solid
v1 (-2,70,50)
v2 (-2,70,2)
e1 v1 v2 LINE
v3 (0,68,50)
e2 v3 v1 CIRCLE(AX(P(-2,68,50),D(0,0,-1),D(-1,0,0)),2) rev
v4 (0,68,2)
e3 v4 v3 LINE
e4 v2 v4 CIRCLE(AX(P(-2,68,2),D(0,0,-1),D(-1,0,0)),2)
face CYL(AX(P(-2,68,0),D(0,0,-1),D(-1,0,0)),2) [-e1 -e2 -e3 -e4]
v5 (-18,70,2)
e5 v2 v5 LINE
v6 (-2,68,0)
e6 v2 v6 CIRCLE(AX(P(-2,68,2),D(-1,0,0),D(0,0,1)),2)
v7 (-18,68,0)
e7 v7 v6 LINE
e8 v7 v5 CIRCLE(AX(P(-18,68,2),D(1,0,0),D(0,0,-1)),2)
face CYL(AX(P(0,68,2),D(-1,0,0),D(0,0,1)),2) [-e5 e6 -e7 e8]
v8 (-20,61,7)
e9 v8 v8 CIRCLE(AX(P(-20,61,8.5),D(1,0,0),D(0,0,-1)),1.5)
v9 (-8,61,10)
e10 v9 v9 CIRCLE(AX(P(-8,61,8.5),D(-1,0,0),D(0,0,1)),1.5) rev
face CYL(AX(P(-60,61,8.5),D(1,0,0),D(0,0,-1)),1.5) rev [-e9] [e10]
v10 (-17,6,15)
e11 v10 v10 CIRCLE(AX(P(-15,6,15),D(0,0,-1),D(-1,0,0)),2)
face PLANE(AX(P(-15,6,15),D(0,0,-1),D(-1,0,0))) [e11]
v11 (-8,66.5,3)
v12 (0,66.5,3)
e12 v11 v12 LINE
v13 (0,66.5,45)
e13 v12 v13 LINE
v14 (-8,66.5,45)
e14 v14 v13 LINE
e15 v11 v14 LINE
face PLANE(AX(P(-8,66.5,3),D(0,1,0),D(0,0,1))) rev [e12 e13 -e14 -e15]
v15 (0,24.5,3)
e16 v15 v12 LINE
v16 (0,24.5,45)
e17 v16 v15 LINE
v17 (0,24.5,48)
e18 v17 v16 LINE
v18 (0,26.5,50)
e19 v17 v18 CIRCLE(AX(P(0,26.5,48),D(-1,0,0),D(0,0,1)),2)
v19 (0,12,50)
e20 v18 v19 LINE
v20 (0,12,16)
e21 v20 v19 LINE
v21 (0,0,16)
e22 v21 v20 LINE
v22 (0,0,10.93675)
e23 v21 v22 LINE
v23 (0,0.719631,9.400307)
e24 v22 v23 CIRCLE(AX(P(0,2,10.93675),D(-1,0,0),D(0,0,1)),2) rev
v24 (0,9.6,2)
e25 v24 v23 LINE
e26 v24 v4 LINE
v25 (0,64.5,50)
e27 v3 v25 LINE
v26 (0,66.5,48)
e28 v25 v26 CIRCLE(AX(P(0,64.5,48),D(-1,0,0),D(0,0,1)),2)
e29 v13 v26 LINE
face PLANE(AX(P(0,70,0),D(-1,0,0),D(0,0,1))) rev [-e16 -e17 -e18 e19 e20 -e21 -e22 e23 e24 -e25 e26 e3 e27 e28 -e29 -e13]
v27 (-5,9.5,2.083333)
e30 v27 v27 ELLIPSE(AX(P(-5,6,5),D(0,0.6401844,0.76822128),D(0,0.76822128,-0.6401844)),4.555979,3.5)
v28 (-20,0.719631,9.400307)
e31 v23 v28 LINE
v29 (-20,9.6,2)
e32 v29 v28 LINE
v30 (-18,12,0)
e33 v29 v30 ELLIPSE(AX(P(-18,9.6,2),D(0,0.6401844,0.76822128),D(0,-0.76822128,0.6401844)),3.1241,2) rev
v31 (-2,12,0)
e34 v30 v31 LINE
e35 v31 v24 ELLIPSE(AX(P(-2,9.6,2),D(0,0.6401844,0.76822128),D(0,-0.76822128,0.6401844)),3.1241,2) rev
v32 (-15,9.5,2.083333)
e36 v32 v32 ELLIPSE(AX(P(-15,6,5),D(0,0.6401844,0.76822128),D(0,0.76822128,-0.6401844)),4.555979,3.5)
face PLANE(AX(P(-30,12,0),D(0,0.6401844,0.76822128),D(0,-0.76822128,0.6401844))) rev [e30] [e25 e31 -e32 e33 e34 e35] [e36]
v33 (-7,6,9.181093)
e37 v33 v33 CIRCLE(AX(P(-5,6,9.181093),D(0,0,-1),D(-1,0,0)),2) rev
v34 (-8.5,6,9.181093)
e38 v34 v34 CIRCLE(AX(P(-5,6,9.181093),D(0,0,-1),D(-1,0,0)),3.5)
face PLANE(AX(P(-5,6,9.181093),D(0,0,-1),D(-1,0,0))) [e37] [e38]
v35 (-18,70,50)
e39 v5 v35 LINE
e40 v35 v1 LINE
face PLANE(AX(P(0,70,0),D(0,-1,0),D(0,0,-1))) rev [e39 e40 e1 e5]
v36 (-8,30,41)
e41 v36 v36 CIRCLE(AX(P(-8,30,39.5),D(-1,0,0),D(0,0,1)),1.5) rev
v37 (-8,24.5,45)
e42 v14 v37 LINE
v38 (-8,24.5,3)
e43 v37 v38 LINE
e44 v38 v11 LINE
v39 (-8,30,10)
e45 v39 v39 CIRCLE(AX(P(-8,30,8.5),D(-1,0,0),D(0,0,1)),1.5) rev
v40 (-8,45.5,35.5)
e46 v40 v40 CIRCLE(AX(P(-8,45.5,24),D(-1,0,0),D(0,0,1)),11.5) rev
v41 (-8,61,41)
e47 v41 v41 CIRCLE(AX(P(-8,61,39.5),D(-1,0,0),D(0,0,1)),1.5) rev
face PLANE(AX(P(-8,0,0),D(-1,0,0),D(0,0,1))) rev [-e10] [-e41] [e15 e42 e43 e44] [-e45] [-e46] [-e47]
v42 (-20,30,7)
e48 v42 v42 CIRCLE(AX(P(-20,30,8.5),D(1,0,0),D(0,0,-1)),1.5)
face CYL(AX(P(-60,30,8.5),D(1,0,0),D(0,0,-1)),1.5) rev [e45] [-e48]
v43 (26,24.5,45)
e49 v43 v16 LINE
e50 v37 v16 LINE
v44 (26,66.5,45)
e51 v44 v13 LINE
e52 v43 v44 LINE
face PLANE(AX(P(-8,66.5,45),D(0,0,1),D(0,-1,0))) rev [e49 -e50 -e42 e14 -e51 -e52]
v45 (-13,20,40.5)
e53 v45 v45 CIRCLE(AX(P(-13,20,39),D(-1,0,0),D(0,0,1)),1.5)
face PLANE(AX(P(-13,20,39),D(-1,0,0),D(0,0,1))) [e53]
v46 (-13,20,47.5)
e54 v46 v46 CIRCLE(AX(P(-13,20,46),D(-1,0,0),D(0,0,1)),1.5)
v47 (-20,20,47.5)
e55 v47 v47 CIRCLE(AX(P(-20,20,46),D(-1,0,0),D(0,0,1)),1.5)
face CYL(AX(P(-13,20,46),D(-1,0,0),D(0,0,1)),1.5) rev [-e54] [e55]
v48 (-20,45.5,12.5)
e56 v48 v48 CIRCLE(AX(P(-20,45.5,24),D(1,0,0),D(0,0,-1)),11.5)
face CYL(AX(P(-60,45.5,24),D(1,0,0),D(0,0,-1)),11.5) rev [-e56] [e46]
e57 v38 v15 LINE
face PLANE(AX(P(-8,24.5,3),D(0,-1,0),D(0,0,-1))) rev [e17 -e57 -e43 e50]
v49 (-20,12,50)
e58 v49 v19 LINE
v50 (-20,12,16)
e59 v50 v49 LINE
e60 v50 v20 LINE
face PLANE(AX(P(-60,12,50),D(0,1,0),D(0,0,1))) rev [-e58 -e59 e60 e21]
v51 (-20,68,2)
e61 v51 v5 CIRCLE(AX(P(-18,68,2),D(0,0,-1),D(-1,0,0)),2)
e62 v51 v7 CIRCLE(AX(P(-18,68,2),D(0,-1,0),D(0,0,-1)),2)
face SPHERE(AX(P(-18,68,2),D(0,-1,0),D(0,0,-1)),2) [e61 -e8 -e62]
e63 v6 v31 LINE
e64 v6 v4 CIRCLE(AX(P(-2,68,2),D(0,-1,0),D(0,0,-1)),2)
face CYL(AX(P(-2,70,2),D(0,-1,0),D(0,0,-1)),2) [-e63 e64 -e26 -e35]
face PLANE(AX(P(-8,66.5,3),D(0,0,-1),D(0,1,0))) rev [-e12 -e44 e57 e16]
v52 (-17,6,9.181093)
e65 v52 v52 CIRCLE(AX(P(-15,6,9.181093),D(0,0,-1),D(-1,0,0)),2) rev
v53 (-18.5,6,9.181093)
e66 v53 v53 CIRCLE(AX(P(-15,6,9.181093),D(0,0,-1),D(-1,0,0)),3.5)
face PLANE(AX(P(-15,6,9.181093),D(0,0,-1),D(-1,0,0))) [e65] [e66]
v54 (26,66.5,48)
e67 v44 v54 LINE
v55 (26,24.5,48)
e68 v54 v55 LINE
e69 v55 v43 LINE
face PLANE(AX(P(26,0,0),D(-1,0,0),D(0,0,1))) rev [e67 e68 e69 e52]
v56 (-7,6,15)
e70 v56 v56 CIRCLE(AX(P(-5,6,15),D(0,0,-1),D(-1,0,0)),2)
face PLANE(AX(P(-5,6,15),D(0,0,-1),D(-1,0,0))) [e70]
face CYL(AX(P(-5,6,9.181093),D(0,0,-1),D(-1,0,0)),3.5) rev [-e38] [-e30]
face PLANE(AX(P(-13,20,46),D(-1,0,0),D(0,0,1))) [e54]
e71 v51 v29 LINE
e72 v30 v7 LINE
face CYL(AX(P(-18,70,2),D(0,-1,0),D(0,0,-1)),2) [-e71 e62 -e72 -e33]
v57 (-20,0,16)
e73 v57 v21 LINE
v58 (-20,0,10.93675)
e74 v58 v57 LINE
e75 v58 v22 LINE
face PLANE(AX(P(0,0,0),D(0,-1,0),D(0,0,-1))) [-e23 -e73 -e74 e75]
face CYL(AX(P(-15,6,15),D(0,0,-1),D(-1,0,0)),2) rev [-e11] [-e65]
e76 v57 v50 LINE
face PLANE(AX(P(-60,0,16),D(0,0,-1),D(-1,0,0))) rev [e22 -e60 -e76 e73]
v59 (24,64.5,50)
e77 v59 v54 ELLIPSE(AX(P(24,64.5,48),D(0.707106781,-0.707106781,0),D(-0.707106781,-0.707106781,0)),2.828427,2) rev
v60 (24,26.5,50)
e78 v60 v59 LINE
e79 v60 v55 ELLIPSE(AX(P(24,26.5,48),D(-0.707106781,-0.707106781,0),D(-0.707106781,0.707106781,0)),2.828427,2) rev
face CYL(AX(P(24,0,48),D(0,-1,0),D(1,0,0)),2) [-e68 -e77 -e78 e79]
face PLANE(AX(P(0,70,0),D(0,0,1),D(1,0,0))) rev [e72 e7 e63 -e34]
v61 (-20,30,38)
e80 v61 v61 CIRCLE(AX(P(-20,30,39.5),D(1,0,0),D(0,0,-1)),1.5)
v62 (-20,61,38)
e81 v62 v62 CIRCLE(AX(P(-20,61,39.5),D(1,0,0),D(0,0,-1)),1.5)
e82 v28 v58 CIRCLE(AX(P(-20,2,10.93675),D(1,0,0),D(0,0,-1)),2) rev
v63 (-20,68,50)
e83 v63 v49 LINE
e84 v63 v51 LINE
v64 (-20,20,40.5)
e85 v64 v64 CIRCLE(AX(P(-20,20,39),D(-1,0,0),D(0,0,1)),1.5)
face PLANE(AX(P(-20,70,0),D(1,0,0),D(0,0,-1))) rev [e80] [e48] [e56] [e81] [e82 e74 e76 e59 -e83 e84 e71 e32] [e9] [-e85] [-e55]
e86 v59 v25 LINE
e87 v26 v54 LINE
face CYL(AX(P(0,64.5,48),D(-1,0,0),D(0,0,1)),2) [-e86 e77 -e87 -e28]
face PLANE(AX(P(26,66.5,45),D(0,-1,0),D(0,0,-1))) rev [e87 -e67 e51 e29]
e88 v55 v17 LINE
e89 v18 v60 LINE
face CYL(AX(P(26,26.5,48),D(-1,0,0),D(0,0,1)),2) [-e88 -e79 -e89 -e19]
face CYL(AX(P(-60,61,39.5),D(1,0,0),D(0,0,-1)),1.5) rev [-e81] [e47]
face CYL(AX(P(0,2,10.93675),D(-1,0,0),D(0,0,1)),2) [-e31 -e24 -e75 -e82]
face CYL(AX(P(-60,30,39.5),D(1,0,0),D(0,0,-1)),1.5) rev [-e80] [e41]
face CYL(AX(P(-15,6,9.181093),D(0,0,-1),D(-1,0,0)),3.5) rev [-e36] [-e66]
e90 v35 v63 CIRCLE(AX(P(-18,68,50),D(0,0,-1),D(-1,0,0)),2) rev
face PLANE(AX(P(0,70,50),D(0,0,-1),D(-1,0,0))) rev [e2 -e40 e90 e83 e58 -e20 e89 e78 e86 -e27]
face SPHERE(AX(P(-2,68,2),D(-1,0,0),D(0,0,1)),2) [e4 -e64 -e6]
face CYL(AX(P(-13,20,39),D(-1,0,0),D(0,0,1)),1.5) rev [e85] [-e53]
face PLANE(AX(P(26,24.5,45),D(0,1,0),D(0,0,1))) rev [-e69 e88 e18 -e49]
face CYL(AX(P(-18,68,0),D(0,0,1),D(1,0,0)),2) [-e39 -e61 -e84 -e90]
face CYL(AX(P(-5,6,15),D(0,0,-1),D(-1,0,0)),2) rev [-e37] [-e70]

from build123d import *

# Parameters (mm, degrees)
SKETCH1_W           = 20
SKETCH1_H           = 50
BOSS_EXTRUDE1_DEPTH = 70
SKETCH2_R           = 1.5
SKETCH2_R_2         = 11.5
CUT_EXTRUDE2_DEPTH  = 60
SKETCH4_W           = 34
SKETCH4_H           = 12
CUT_EXTRUDE3_DEPTH  = 60
SKETCH8_R           = 2
CUT_EXTRUDE5_DEPTH  = 15
SKETCH9_W           = 42
SKETCH9_H           = 42
CUT_EXTRUDE6_DEPTH  = 8
CUT_EXTRUDE8_DEPTH  = 30
SKETCH17_R          = 3.5
CUT_EXTRUDE13_DEPTH = 9.18109305
SKETCH18_R          = 1.5
CUT_EXTRUDE14_DEPTH = 7
FILLET1_R           = 2
FILLET2_R           = 2
FILLET3_R           = 2
FILLET4_R           = 2
SKETCH19_W          = 5
SKETCH19_H          = 42
BOSS_EXTRUDE2_DEPTH = 26
FILLET6_R           = 2


with BuildPart() as part:
    # Sketch1 → Boss-Extrude1 (new body)
    with BuildSketch(Plane(origin=(0, 0, 0), x_dir=(1, 0, 0), z_dir=(0, 1, 0))):
        with Locations((-10, -25)):
            Rectangle(SKETCH1_W, SKETCH1_H)
    extrude(amount=BOSS_EXTRUDE1_DEPTH)

    # Sketch2 → Cut-Extrude2 (cut)
    with BuildSketch(Plane(origin=(0, 0, 0), x_dir=(0, 0, -1), z_dir=(1, 0, 0))):
        with Locations((-8.5, 61)):
            Circle(SKETCH2_R)
        with Locations((-24, 45.5)):
            Circle(SKETCH2_R_2)
        with Locations((-8.5, 30)):
            Circle(SKETCH2_R)
        with Locations((-39.5, 30)):
            Circle(SKETCH2_R)
        with Locations((-39.5, 61)):
            Circle(SKETCH2_R)
    extrude(amount=-CUT_EXTRUDE2_DEPTH, mode=Mode.SUBTRACT)

    # Sketch4 → Cut-Extrude3 (cut)
    with BuildSketch(Plane(origin=(0, 0, 0), x_dir=(0, 0, -1), z_dir=(1, 0, 0))):
        with Locations((-33, 6)):
            Rectangle(SKETCH4_W, SKETCH4_H)
    extrude(amount=-CUT_EXTRUDE3_DEPTH, mode=Mode.SUBTRACT)

    # Sketch8 → Cut-Extrude5 (cut)
    with BuildSketch(Plane(origin=(0, 0, 0), x_dir=(-1, 0, 0), z_dir=(0, 0, -1))):
        with Locations((15, 6)):
            Circle(SKETCH8_R)
        with Locations((5, 6)):
            Circle(SKETCH8_R)
    extrude(amount=-CUT_EXTRUDE5_DEPTH, mode=Mode.SUBTRACT)

    # Sketch9 → Cut-Extrude6 (cut)
    with BuildSketch(Plane(origin=(0, 0, 0), x_dir=(0, 0, -1), z_dir=(1, 0, 0))):
        with Locations((-24, 45.5)):
            Rectangle(SKETCH9_W, SKETCH9_H)
    extrude(amount=-CUT_EXTRUDE6_DEPTH, mode=Mode.SUBTRACT)

    # Sketch11 → Cut-Extrude8 (cut)
    with BuildSketch(Plane(origin=(0, 0, 0), x_dir=(0, 0, -1), z_dir=(1, 0, 0))):
        Polygon((-10, 0), (0, 0), (0, 12), align=None)
    extrude(amount=-CUT_EXTRUDE8_DEPTH, mode=Mode.SUBTRACT)

    # Sketch17 → Cut-Extrude13 (cut)
    with BuildSketch(Plane(origin=(0, 0, 0), x_dir=(-1, 0, 0), z_dir=(0, 0, -1))):
        with Locations((15, 6)):
            Circle(SKETCH17_R)
        with Locations((5, 6)):
            Circle(SKETCH17_R)
    extrude(amount=-CUT_EXTRUDE13_DEPTH, mode=Mode.SUBTRACT)

    # Sketch18 → Cut-Extrude14 (cut)
    with BuildSketch(Plane.ZY.offset(20)):
        with Locations((46, 20)):
            Circle(SKETCH18_R)
        with Locations((39, 20)):
            Circle(SKETCH18_R)
    extrude(amount=-CUT_EXTRUDE14_DEPTH, mode=Mode.SUBTRACT)

    # Fillet1
    fillet1_edges = [part.edges().sort_by_distance(p)[0] for p in [
        (-20, 41, 0),
    ]]
    fillet(fillet1_edges, radius=FILLET1_R)

    # Fillet2
    fillet2_edges = [part.edges().sort_by_distance(p)[0] for p in [
        (-20, 70, 26),
        (-19.414213562, 70, 0.585786438),
        (-9, 70, 0),
    ]]
    fillet(fillet2_edges, radius=FILLET2_R)

    # Fillet3
    fillet3_edges = [part.edges().sort_by_distance(p)[0] for p in [
        (0, 40, 0),
        (0, 69.414213562, 0.585786438),
        (0, 70, 26),
    ]]
    fillet(fillet3_edges, radius=FILLET3_R)

    # Fillet4
    fillet4_edges = [part.edges().sort_by_distance(p)[0] for p in [
        (-10, 0, 10),
    ]]
    fillet(fillet4_edges, radius=FILLET4_R)

    # Sketch19 → Boss-Extrude2 (add)
    with BuildSketch(Plane(origin=(0, 0, 0), x_dir=(0, 0, -1), z_dir=(1, 0, 0))):
        with Locations((-47.5, 45.5)):
            Rectangle(SKETCH19_W, SKETCH19_H)
    extrude(amount=BOSS_EXTRUDE2_DEPTH)

    # Fillet6
    fillet6_edges = [part.edges().sort_by_distance(p)[0] for p in [
        (13, 66.5, 50),
        (13, 24.5, 50),
        (26, 45.5, 50),
    ]]
    fillet(fillet6_edges, radius=FILLET6_R)


solid = part.part
